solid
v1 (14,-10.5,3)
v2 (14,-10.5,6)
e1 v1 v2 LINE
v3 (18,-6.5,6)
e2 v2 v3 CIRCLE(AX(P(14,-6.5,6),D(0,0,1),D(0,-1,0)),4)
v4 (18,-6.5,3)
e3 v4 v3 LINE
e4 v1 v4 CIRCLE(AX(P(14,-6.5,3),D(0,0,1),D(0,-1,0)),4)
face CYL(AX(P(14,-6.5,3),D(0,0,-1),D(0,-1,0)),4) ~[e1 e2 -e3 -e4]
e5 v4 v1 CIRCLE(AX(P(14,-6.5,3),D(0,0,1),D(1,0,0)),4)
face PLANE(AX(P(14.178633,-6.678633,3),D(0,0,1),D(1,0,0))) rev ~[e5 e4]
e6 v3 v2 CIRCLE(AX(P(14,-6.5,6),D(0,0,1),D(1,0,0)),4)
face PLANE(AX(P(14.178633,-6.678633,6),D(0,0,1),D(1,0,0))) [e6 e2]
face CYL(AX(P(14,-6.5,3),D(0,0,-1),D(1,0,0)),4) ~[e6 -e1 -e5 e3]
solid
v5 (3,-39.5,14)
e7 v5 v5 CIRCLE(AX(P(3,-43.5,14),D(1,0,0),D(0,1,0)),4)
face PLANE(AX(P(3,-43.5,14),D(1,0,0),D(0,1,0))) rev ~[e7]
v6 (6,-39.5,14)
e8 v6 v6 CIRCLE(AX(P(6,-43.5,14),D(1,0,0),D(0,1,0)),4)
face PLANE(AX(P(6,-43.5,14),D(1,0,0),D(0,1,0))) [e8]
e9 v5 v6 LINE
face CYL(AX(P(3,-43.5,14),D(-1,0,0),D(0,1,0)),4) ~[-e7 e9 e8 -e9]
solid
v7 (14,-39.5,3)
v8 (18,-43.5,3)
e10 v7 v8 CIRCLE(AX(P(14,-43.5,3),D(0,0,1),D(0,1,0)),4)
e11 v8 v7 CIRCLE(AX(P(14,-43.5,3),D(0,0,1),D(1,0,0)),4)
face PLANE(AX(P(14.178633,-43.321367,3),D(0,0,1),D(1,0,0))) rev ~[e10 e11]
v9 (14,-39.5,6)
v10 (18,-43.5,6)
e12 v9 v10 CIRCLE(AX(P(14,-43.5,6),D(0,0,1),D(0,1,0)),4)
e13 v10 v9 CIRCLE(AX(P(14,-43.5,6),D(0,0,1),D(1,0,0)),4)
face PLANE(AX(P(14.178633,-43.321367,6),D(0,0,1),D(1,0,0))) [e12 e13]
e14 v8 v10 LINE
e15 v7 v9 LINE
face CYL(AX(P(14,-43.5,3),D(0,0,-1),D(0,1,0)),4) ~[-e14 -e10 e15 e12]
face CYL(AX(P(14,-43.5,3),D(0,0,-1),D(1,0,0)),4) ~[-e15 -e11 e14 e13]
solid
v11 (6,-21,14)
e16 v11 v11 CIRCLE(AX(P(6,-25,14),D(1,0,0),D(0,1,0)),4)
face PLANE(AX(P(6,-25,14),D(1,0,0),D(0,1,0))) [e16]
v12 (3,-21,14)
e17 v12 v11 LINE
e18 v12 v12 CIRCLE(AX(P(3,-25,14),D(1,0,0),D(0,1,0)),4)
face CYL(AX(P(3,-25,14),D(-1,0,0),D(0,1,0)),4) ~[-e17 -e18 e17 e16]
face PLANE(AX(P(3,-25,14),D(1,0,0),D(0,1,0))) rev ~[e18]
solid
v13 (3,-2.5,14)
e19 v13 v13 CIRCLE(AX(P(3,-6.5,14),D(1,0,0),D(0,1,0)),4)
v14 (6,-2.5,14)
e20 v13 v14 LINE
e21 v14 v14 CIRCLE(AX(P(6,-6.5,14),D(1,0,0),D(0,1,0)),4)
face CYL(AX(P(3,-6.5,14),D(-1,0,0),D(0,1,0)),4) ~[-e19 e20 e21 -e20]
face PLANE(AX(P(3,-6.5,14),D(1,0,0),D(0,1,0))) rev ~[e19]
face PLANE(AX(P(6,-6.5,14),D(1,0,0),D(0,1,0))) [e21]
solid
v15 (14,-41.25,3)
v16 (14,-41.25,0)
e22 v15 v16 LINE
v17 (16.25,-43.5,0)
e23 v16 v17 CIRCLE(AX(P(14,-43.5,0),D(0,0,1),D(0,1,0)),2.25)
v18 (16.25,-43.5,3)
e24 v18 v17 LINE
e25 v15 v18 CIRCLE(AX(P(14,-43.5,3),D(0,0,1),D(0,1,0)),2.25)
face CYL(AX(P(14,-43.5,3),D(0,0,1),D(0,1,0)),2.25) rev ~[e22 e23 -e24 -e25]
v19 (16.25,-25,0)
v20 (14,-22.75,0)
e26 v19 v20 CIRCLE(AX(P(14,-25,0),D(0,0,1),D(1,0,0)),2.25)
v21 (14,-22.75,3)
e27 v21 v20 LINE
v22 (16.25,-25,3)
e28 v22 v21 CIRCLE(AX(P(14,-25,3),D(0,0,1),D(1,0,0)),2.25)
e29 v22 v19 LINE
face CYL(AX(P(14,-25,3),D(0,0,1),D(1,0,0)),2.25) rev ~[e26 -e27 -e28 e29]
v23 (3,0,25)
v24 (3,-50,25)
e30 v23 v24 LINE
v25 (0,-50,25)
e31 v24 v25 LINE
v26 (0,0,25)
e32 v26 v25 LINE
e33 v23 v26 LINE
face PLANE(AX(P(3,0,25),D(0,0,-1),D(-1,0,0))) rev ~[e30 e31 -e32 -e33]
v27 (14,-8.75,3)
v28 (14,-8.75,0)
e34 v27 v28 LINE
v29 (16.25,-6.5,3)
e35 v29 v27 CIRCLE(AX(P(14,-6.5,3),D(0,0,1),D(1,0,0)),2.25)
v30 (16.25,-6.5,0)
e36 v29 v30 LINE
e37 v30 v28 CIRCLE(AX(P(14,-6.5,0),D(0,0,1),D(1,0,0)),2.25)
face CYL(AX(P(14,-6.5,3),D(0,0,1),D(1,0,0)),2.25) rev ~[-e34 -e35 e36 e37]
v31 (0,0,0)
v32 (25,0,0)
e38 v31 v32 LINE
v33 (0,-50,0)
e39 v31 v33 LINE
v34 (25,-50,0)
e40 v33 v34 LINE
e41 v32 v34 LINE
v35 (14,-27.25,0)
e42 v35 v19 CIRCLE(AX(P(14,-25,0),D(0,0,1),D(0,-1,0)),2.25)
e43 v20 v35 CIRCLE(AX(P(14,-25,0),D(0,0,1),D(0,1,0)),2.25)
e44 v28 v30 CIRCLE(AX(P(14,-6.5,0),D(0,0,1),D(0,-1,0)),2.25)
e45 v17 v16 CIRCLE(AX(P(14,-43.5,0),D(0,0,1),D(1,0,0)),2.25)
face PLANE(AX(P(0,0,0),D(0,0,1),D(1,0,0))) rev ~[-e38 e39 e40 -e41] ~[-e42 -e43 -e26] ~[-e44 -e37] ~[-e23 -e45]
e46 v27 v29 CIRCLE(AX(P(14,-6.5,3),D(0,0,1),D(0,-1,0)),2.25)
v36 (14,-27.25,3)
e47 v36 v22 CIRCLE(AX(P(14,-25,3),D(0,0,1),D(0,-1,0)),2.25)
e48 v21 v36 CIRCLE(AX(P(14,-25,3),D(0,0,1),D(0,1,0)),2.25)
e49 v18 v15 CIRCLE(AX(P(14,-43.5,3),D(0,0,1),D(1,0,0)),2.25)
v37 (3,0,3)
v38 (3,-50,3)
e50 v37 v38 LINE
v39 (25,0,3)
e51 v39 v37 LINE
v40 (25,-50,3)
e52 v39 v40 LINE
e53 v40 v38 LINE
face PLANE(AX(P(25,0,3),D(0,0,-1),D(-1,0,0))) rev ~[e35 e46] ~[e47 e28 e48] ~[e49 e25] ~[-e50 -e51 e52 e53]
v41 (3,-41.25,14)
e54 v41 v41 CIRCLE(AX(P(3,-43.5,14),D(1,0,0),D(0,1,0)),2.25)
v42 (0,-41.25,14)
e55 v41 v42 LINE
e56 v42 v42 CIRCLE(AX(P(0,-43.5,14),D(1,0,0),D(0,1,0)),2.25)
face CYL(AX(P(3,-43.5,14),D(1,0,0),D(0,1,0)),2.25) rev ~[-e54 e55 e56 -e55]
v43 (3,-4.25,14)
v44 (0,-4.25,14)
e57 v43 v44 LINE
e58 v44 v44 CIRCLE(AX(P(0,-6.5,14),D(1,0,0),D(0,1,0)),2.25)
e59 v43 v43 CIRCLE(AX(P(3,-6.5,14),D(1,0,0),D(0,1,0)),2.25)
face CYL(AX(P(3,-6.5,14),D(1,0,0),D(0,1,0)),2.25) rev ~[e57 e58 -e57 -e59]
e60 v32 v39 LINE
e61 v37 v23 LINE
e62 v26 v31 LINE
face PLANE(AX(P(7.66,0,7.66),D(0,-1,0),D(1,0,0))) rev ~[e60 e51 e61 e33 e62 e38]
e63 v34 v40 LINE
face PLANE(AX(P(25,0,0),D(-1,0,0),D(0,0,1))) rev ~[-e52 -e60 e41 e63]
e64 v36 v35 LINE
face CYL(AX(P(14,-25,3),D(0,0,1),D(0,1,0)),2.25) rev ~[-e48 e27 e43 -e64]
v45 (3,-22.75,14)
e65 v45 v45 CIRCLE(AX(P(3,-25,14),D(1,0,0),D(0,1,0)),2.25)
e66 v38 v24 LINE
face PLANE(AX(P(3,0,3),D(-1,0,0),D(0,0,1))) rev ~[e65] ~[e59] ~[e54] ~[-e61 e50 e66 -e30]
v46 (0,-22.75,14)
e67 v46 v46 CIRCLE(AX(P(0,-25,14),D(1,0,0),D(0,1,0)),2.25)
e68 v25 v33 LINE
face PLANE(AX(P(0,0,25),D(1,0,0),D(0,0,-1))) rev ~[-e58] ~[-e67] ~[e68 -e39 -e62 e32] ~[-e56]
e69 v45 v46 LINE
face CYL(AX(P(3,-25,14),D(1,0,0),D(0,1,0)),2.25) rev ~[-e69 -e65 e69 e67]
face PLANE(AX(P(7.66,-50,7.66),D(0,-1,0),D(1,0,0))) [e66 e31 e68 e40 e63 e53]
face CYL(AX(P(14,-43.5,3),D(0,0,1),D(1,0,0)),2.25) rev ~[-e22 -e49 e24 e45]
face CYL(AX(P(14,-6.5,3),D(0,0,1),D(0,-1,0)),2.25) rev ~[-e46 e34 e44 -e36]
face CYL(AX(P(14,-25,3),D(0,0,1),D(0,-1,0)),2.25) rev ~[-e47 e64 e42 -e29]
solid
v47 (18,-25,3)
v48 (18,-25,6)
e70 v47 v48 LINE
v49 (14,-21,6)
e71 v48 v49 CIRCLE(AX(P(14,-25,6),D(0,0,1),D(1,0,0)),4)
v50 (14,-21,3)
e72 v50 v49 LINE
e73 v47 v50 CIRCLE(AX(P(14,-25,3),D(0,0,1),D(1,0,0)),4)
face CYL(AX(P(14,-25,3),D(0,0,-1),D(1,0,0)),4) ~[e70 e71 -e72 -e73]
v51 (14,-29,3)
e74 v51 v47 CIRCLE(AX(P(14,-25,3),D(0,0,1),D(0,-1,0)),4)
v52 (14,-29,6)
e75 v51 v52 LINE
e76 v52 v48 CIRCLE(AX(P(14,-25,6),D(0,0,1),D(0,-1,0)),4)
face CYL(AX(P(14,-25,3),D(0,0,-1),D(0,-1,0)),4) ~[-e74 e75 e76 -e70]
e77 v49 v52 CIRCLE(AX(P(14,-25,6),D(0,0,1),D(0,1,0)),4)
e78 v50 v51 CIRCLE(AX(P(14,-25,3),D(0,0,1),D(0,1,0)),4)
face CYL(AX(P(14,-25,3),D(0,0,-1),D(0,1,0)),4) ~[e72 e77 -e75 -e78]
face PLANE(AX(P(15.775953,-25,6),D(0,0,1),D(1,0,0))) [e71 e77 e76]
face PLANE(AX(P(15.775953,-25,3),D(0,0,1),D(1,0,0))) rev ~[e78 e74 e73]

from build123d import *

# Parameters (mm, degrees)
F2_DEPTH = 50
F3_R     = 2.25
F5_R     = 2.25
F6_DEPTH = 3.001
F7_DEPTH = 3.001
F8_DEPTH = 3
F5_R_2   = 4
F9_DEPTH = 3
F3_R_2   = 4


with BuildPart() as f2:
    # F1 (on Front) → F2 (new body)
    with BuildSketch(Plane.XZ):
        Polygon((0, 25), (0, 0), (25, 0), (25, 3), (3, 3), (3, 25), align=None)
    extrude(amount=F2_DEPTH)

    # F3 (on face) + F5 (on face) → F6 (cut, through all)
    with BuildSketch(Plane.YZ.offset(3)):
        with Locations((-43.5, 14)):
            Circle(F3_R)
    with BuildSketch(Plane.YZ.offset(3)):
        with Locations((-6.5, 14)):
            Circle(F5_R)
        with Locations((-25, 14)):
            Circle(F5_R)
    extrude(amount=-F6_DEPTH, mode=Mode.SUBTRACT)

    # F4 (on face) → F7 (cut, through all)
    with BuildSketch(Plane.XY.offset(3)):
        with BuildLine():
            ThreePointArc((16.25, -43.5), (15.5909902577, -41.9090097423), (14, -41.25))
            ThreePointArc((14, -41.25), (12.4090097423, -45.0909902577), (16.25, -43.5))
        make_face()
        with BuildLine():
            ThreePointArc((16.25, -6.5), (12.4090097423, -4.9090097423), (14, -8.75))
            ThreePointArc((14, -8.75), (15.5909902577, -8.0909902577), (16.25, -6.5))
        make_face()
        with BuildLine():
            ThreePointArc((14, -22.75), (11.75, -25), (14, -27.25))
            Line((14, -27.25), (14, -25))
            Line((14, -25), (14, -22.75))
        make_face()
        with BuildLine():
            Line((14, -25), (14, -27.25))
            ThreePointArc((14, -27.25), (15.5909902577, -26.5909902577), (16.25, -25))
            ThreePointArc((16.25, -25), (15.5909902577, -23.4090097423), (14, -22.75))
            Line((14, -22.75), (14, -25))
        make_face()
    extrude(amount=-F7_DEPTH, mode=Mode.SUBTRACT)


with BuildPart() as f8:
    # F4 (on face) → F8 (new body)
    with BuildSketch(Plane.XY.offset(3)):
        with BuildLine():
            ThreePointArc((18, -6.5), (11.1715728753, -3.6715728753), (14, -10.5))
            ThreePointArc((14, -10.5), (16.8284271247, -9.3284271247), (18, -6.5))
        make_face()
        with BuildLine():
            ThreePointArc((16.25, -6.5), (15.5909902577, -8.0909902577), (14, -8.75))
            ThreePointArc((14, -8.75), (12.4090097423, -4.9090097423), (16.25, -6.5))
        make_face(mode=Mode.SUBTRACT)
        with BuildLine():
            ThreePointArc((16.25, -6.5), (12.4090097423, -4.9090097423), (14, -8.75))
            ThreePointArc((14, -8.75), (15.5909902577, -8.0909902577), (16.25, -6.5))
        make_face()
    extrude(amount=F8_DEPTH)


with BuildPart() as f8b:
    # F4 (on face) → F8, piece 2 (new body)
    with BuildSketch(Plane.XY.offset(3)):
        with BuildLine():
            Line((14, -27.25), (14, -29))
            ThreePointArc((14, -29), (16.8284271247, -27.8284271247), (18, -25))
            ThreePointArc((18, -25), (16.8284271247, -22.1715728753), (14, -21))
            Line((14, -21), (14, -22.75))
            ThreePointArc((14, -22.75), (15.5909902577, -23.4090097423), (16.25, -25))
            ThreePointArc((16.25, -25), (15.5909902577, -26.5909902577), (14, -27.25))
        make_face()
        with BuildLine():
            ThreePointArc((14, -21), (10, -25), (14, -29))
            Line((14, -29), (14, -27.25))
            ThreePointArc((14, -27.25), (11.75, -25), (14, -22.75))
            Line((14, -22.75), (14, -21))
        make_face()
        with BuildLine():
            Line((14, -25), (14, -27.25))
            ThreePointArc((14, -27.25), (15.5909902577, -26.5909902577), (16.25, -25))
            ThreePointArc((16.25, -25), (15.5909902577, -23.4090097423), (14, -22.75))
            Line((14, -22.75), (14, -25))
        make_face()
        with BuildLine():
            ThreePointArc((14, -22.75), (11.75, -25), (14, -27.25))
            Line((14, -27.25), (14, -25))
            Line((14, -25), (14, -22.75))
        make_face()
    extrude(amount=F8_DEPTH)


with BuildPart() as f8c:
    # F4 (on face) → F8, piece 3 (new body)
    with BuildSketch(Plane.XY.offset(3)):
        with BuildLine():
            ThreePointArc((18, -43.5), (16.8284271247, -40.6715728753), (14, -39.5))
            ThreePointArc((14, -39.5), (11.1715728753, -46.3284271247), (18, -43.5))
        make_face()
        with BuildLine():
            ThreePointArc((16.25, -43.5), (12.4090097423, -45.0909902577), (14, -41.25))
            ThreePointArc((14, -41.25), (15.5909902577, -41.9090097423), (16.25, -43.5))
        make_face(mode=Mode.SUBTRACT)
        with BuildLine():
            ThreePointArc((16.25, -43.5), (15.5909902577, -41.9090097423), (14, -41.25))
            ThreePointArc((14, -41.25), (12.4090097423, -45.0909902577), (16.25, -43.5))
        make_face()
    extrude(amount=F8_DEPTH)


with BuildPart() as f9:
    # F5 (on face) → F9 (new body)
    with BuildSketch(Plane.YZ.offset(3)):
        with Locations((-6.5, 14)):
            Circle(F5_R_2)
        with Locations((-6.5, 14)):
            Circle(F5_R, mode=Mode.SUBTRACT)
        with Locations((-6.5, 14)):
            Circle(F5_R)
    extrude(amount=F9_DEPTH)


with BuildPart() as f9b:
    # F5 (on face) → F9, piece 2 (new body)
    with BuildSketch(Plane.YZ.offset(3)):
        with Locations((-25, 14)):
            Circle(F5_R_2)
        with Locations((-25, 14)):
            Circle(F5_R, mode=Mode.SUBTRACT)
        with Locations((-25, 14)):
            Circle(F5_R)
    extrude(amount=F9_DEPTH)


with BuildPart() as f9c:
    # F3 (on face) → F9, piece 3 (new body)
    with BuildSketch(Plane.YZ.offset(3)):
        with Locations((-43.5, 14)):
            Circle(F3_R_2)
        with Locations((-43.5, 14)):
            Circle(F3_R, mode=Mode.SUBTRACT)
        with Locations((-43.5, 14)):
            Circle(F3_R)
    extrude(amount=F9_DEPTH)


solid = Compound([f2.part, f8.part, f8b.part, f8c.part, f9.part, f9b.part, f9c.part])
